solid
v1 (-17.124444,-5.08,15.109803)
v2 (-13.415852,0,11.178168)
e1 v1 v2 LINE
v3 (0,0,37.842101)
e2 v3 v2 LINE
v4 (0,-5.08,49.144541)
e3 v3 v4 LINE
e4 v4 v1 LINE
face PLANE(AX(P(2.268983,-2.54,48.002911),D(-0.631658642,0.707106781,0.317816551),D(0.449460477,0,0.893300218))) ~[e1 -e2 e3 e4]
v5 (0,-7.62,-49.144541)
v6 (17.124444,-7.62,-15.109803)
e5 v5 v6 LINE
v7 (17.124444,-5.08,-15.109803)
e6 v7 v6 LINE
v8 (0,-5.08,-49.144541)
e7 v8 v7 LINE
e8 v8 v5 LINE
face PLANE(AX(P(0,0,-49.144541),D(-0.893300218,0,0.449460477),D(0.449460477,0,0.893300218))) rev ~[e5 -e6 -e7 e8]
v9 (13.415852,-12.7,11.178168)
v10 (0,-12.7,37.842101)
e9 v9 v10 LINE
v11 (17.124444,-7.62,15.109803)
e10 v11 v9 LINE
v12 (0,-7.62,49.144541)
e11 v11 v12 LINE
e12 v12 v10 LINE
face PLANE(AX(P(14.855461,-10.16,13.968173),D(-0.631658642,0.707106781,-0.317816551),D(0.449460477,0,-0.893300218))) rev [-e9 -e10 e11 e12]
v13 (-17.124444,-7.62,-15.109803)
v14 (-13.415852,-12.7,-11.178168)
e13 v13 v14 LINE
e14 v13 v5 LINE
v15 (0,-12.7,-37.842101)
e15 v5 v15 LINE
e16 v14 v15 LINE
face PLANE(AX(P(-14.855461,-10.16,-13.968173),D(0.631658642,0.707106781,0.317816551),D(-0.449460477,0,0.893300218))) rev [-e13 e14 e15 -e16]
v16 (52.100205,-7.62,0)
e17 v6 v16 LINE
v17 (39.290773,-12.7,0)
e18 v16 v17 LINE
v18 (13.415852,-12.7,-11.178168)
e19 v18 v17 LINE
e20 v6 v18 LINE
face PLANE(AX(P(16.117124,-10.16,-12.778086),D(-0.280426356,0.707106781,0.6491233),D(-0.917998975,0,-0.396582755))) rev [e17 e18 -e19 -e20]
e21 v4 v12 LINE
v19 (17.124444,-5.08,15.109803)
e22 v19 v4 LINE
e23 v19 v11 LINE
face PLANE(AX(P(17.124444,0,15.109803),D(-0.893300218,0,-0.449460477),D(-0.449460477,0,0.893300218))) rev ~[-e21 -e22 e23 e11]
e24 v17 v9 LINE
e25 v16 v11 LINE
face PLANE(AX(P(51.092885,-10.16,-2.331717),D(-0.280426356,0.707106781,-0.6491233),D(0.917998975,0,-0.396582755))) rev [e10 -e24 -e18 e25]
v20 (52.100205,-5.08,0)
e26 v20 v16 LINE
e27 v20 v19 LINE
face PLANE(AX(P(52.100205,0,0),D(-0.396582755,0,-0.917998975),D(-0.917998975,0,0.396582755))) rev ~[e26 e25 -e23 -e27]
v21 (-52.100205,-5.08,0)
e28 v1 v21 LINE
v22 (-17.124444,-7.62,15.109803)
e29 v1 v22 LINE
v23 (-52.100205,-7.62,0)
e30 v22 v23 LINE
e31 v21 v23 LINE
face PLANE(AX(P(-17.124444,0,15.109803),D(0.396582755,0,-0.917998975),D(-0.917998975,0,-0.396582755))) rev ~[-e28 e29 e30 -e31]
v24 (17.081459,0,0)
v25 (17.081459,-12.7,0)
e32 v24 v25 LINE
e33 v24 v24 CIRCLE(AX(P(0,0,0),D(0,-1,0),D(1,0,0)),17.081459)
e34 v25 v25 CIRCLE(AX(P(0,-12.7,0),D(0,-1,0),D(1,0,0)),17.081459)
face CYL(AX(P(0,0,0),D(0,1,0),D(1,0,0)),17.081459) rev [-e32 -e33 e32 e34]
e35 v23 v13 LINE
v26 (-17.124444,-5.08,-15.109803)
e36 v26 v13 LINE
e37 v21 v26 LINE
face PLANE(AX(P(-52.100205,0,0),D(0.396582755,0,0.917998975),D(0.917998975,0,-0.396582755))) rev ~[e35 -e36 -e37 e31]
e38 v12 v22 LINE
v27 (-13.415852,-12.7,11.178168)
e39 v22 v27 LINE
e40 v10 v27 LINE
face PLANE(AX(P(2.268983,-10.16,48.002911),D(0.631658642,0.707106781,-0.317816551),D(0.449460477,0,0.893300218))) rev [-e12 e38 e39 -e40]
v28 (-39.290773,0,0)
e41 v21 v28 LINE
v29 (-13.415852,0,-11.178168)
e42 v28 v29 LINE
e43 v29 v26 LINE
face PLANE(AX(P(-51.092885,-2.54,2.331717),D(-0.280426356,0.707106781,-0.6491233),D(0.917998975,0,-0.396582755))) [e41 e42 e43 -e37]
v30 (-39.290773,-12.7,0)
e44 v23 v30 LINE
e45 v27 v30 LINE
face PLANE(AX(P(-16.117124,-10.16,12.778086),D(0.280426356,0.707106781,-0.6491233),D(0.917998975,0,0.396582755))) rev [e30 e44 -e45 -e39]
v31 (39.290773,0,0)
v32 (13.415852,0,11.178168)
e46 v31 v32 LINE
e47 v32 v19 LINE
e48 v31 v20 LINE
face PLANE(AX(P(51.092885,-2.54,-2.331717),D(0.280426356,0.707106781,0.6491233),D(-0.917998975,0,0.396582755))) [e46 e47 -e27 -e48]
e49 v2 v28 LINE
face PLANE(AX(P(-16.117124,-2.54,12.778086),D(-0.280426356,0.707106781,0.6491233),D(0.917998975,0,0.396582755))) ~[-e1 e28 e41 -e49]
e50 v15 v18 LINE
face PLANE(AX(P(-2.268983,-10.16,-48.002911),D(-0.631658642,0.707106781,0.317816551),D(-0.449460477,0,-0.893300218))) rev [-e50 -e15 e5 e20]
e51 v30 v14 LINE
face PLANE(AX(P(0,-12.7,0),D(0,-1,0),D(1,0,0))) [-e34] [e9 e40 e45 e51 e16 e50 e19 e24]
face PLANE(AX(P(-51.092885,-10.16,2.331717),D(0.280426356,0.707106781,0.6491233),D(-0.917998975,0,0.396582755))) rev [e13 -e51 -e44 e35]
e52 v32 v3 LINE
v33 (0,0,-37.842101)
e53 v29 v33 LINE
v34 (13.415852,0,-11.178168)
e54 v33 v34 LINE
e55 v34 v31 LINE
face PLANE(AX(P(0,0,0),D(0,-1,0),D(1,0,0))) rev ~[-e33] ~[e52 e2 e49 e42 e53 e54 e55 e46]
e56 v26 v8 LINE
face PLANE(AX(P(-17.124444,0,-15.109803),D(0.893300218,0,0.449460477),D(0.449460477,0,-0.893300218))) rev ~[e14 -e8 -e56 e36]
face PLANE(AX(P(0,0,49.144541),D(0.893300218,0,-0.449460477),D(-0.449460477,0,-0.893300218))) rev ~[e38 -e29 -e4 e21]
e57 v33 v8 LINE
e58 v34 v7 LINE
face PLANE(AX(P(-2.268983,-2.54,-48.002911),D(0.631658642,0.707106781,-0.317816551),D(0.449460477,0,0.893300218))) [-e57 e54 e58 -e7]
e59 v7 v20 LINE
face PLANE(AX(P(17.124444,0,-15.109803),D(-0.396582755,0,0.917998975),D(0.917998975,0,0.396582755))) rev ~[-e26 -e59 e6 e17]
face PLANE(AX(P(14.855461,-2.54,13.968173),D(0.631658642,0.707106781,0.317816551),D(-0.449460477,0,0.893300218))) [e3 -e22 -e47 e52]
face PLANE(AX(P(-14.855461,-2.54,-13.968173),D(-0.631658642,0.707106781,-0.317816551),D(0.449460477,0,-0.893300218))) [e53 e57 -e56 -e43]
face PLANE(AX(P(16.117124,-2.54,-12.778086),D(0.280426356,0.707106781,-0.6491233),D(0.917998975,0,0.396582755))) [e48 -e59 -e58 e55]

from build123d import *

# Parameters (mm, degrees)
F0_R     = 17.081459
F1_DEPTH = 12.7
F2_SIZE  = 5.08
F3_SIZE  = 5.08


with BuildPart() as f1:
    # F0 (on Front) → F1 (new body)
    with BuildSketch(Plane.XZ):
        Polygon((-17.124444, 15.109803), (-52.100205, 0), (-17.124444, -15.109803), (0, -49.144541), (17.124444, -15.109803), (52.100205, 0), (17.124444, 15.109803), (0, 49.144541), align=None)
        Circle(F0_R, mode=Mode.SUBTRACT)
    extrude(amount=F1_DEPTH)

    # F2
    f2_edges = [f1.edges().sort_by_distance(p)[0] for p in [
        (-34.612325, -12.7, -7.554901),
        (-34.612325, -12.7, 7.554901),
        (-8.562222, -12.7, 32.127172),
        (8.562222, -12.7, 32.127172),
        (34.612325, -12.7, 7.554901),
        (34.612325, -12.7, -7.554901),
        (8.562222, -12.7, -32.127172),
        (-8.562222, -12.7, -32.127172),
    ]]
    chamfer(f2_edges, length=F2_SIZE)

    # F3
    f3_edges = [f1.edges().sort_by_distance(p)[0] for p in [
        (8.562222, 0, 32.127172),
        (-8.562222, 0, 32.127172),
        (-34.612325, 0, 7.554901),
        (-34.612325, 0, -7.554901),
        (-8.562222, 0, -32.127172),
        (8.562222, 0, -32.127172),
        (34.612325, 0, -7.554901),
        (34.612325, 0, 7.554901),
    ]]
    chamfer(f3_edges, length=F3_SIZE)


solid = f1.part
